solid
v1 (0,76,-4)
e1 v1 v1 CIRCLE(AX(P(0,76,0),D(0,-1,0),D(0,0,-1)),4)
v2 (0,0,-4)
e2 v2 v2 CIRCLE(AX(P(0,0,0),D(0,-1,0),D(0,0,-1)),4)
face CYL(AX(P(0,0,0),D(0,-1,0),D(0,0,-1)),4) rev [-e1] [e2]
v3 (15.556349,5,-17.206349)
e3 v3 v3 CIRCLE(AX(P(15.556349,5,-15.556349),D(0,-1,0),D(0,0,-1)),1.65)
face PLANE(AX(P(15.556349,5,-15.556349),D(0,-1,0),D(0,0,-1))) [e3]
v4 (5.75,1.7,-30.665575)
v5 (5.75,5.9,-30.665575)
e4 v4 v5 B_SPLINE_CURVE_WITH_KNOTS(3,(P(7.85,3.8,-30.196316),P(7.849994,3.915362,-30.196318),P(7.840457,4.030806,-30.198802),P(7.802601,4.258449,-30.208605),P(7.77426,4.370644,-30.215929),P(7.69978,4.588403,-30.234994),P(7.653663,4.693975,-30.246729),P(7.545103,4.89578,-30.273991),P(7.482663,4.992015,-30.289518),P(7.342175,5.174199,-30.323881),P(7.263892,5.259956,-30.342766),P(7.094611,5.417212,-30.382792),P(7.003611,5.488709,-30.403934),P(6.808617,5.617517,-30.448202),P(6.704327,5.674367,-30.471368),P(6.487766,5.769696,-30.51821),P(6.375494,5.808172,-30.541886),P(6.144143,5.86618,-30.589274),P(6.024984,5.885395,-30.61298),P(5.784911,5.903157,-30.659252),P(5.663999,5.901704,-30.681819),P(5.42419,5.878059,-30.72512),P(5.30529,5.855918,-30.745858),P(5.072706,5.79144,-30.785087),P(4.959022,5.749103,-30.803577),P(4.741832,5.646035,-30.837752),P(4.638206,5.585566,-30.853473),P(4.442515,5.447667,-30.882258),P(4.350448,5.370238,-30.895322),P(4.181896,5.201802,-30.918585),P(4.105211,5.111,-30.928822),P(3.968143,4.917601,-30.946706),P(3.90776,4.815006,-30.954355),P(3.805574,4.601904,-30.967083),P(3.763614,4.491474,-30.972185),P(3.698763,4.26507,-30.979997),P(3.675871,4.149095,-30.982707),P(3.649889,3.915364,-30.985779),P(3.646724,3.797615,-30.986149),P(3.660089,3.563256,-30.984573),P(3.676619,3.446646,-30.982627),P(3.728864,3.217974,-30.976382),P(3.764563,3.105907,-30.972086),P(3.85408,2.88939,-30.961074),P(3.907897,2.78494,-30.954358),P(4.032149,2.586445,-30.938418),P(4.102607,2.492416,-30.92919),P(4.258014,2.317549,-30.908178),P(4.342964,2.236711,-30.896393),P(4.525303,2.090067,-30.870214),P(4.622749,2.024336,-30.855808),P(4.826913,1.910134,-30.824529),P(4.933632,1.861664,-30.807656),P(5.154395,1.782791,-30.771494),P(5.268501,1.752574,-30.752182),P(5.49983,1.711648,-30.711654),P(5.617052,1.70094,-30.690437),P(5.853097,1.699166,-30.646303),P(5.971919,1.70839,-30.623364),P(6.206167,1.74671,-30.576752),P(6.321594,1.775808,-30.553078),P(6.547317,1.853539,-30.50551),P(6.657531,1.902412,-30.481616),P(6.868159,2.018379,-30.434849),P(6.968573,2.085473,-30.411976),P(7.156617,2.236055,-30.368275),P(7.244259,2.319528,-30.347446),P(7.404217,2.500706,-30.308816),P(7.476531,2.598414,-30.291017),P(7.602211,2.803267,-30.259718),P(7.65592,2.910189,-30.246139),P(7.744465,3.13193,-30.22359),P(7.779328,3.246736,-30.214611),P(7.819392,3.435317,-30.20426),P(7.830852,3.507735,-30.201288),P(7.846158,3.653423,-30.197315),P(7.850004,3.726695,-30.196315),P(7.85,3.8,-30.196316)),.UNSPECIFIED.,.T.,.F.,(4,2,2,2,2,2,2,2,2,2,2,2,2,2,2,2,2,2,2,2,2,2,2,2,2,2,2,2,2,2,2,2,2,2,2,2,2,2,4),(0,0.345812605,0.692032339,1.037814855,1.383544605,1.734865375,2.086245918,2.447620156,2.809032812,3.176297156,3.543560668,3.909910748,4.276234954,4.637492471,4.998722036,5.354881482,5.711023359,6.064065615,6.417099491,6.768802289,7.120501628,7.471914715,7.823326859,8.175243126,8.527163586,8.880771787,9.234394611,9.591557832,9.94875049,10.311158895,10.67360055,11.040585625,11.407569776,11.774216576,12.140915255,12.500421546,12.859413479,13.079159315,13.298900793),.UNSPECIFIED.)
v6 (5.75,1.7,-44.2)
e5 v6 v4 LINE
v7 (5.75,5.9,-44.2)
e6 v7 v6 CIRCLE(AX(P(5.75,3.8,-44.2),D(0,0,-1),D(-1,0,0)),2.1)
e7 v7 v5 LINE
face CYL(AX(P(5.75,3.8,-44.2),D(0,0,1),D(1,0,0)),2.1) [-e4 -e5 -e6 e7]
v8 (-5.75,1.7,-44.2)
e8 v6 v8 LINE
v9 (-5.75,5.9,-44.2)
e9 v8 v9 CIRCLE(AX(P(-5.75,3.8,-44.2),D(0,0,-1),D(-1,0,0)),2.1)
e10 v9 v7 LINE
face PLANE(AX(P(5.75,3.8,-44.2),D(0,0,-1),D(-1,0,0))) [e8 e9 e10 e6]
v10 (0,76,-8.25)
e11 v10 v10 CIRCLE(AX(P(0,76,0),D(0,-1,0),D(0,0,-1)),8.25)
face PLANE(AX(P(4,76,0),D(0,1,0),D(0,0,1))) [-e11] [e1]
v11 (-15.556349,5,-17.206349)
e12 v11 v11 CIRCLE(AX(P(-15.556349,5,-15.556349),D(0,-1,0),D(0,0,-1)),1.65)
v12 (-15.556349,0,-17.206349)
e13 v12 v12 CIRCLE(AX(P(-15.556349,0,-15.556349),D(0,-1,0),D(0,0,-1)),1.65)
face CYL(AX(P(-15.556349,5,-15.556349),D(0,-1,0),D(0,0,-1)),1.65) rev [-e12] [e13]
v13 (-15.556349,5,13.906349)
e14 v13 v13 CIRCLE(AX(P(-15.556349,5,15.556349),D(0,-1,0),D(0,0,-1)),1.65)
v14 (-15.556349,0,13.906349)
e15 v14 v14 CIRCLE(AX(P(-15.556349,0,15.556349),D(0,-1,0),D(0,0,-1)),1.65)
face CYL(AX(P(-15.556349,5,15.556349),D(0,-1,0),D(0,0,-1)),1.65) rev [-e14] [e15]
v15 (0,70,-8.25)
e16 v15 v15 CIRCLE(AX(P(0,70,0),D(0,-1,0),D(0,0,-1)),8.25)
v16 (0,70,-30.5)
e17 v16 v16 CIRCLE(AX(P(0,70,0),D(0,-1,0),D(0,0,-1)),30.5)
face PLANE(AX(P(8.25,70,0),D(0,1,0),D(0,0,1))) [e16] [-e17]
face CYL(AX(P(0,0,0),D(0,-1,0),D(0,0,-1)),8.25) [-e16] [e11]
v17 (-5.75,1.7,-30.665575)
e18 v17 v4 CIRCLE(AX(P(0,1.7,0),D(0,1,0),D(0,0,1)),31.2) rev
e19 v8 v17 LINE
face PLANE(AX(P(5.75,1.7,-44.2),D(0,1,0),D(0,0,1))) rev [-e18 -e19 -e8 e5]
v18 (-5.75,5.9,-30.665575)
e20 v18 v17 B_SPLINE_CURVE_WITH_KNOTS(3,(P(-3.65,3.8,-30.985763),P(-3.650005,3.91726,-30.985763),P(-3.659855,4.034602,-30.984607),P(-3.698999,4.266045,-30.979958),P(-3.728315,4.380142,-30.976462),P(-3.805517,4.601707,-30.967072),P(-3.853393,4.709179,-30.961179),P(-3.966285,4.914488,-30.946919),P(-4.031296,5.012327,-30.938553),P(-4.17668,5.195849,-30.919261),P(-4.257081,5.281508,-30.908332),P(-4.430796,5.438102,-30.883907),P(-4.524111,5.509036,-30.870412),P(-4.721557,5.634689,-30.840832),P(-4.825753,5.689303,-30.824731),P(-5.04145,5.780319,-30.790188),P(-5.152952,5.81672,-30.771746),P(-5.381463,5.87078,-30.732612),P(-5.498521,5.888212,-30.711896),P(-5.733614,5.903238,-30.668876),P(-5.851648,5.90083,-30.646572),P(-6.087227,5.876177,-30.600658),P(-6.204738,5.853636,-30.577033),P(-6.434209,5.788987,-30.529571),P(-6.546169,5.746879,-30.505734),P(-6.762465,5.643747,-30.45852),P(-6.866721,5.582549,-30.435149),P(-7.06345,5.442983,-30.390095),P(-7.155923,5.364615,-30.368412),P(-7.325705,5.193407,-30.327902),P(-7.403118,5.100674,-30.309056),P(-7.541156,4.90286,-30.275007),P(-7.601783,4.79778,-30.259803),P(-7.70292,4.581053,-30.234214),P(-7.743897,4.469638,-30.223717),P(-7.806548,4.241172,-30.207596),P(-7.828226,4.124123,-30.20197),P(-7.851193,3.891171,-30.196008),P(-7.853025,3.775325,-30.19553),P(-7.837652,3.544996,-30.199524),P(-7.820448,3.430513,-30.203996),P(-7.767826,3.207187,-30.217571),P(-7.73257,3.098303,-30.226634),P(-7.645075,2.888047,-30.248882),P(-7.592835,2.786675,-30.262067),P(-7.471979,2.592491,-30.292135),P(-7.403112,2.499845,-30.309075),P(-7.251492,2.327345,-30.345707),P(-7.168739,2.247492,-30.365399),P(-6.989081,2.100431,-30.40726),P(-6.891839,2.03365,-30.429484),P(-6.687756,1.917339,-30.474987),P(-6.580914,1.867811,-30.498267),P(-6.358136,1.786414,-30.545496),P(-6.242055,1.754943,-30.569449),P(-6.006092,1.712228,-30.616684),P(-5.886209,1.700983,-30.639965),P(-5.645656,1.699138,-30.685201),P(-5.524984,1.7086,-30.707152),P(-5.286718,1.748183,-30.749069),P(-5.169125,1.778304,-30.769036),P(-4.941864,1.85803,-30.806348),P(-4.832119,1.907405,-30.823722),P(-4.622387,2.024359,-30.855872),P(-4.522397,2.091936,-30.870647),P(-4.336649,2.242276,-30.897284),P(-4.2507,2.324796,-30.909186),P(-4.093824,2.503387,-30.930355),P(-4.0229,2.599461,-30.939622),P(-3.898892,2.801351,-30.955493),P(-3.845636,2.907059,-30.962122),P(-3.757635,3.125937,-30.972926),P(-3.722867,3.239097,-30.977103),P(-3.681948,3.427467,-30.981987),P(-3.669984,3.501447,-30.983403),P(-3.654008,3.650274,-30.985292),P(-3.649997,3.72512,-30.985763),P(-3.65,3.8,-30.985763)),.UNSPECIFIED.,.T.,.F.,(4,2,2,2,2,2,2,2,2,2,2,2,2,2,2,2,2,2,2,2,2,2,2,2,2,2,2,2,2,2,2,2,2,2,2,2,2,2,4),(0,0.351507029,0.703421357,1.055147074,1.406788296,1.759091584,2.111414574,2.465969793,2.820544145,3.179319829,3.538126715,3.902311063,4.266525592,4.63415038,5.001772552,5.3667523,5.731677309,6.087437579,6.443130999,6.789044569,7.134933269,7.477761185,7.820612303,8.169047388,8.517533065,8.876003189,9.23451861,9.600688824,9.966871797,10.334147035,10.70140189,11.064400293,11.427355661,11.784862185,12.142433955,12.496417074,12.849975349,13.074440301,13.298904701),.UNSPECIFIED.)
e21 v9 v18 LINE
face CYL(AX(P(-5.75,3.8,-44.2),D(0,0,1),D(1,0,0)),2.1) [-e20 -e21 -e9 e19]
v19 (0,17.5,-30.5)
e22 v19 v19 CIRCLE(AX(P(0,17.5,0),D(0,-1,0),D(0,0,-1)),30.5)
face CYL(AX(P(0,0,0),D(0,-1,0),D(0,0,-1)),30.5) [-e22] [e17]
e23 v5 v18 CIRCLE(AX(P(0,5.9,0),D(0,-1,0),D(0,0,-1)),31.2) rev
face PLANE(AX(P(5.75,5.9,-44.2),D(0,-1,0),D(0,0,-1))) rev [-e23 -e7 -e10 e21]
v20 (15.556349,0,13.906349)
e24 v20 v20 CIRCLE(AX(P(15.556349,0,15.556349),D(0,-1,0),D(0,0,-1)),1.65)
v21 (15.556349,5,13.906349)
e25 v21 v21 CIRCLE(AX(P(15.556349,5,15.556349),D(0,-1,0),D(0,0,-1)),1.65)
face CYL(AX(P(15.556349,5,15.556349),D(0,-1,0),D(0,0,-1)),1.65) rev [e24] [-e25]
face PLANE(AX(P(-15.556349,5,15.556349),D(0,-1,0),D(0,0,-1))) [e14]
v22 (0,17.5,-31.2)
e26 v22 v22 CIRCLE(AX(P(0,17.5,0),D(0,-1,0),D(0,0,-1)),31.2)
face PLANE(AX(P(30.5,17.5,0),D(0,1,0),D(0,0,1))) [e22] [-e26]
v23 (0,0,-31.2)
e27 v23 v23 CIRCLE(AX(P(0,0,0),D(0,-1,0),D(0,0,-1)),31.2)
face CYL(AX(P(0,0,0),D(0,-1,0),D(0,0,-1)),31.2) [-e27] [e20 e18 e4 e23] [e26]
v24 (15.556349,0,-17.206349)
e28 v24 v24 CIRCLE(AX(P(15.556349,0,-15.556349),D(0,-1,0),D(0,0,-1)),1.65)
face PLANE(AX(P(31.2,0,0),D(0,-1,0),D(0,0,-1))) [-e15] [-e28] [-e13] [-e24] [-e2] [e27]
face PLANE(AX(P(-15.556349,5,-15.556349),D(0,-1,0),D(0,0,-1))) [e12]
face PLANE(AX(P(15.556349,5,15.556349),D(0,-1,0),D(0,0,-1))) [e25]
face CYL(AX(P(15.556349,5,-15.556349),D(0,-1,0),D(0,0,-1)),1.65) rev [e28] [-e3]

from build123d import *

# Parameters (mm, degrees)
SKETCH3_R           = 1.65
CUT_EXTRUDE1_DEPTH  = 5
BOSS_EXTRUDE1_START = -2
BOSS_EXTRUDE1_DEPTH = 15


with BuildPart() as part:
    # Sketch2 → Revolve1 (revolve)
    with BuildSketch(Plane.XY, mode=Mode.PRIVATE) as revolve1_sk:
        Polygon((4, 0), (4, 76), (8.25, 76), (8.25, 70), (30.5, 70), (30.5, 17.5), (31.2, 17.5), (31.2, 0), align=None)
    revolve(revolve1_sk.sketch.rotate(Axis((0, 0, 0), (0, 1, 0)), 90), axis=Axis((0, 0, 0), (0, 1, 0)))

    # Sketch3 → Cut-Extrude1 (cut)
    with BuildSketch(Plane.XZ):
        with Locations(Location((15.556349186, -15.556349186, 0), (0, 0, 270))):
            Circle(SKETCH3_R)
        with Locations(Location((-15.556349186, -15.556349186, 0), (0, 0, 270))):
            Circle(SKETCH3_R)
        with Locations(Location((-15.556349186, 15.556349186, 0), (0, 0, 270))):
            Circle(SKETCH3_R)
        with Locations(Location((15.556349186, 15.556349186, 0), (0, 0, 270))):
            Circle(SKETCH3_R)
    extrude(amount=-CUT_EXTRUDE1_DEPTH, mode=Mode.SUBTRACT)

    # Sketch4 → Boss-Extrude1 (add)
    with BuildSketch(Plane(origin=(0, 0, -31.2), x_dir=(-1, 0, 0), z_dir=(0, 0, -1)).offset(BOSS_EXTRUDE1_START)):
        with BuildLine():
            Line((-5.75, 5.9), (5.75, 5.9))
            ThreePointArc((5.75, 5.9), (7.85, 3.8), (5.75, 1.7))
            Line((5.75, 1.7), (-5.75, 1.7))
            ThreePointArc((-5.75, 1.7), (-7.85, 3.8), (-5.75, 5.9))
        make_face()
    extrude(amount=BOSS_EXTRUDE1_DEPTH)


solid = part.part
